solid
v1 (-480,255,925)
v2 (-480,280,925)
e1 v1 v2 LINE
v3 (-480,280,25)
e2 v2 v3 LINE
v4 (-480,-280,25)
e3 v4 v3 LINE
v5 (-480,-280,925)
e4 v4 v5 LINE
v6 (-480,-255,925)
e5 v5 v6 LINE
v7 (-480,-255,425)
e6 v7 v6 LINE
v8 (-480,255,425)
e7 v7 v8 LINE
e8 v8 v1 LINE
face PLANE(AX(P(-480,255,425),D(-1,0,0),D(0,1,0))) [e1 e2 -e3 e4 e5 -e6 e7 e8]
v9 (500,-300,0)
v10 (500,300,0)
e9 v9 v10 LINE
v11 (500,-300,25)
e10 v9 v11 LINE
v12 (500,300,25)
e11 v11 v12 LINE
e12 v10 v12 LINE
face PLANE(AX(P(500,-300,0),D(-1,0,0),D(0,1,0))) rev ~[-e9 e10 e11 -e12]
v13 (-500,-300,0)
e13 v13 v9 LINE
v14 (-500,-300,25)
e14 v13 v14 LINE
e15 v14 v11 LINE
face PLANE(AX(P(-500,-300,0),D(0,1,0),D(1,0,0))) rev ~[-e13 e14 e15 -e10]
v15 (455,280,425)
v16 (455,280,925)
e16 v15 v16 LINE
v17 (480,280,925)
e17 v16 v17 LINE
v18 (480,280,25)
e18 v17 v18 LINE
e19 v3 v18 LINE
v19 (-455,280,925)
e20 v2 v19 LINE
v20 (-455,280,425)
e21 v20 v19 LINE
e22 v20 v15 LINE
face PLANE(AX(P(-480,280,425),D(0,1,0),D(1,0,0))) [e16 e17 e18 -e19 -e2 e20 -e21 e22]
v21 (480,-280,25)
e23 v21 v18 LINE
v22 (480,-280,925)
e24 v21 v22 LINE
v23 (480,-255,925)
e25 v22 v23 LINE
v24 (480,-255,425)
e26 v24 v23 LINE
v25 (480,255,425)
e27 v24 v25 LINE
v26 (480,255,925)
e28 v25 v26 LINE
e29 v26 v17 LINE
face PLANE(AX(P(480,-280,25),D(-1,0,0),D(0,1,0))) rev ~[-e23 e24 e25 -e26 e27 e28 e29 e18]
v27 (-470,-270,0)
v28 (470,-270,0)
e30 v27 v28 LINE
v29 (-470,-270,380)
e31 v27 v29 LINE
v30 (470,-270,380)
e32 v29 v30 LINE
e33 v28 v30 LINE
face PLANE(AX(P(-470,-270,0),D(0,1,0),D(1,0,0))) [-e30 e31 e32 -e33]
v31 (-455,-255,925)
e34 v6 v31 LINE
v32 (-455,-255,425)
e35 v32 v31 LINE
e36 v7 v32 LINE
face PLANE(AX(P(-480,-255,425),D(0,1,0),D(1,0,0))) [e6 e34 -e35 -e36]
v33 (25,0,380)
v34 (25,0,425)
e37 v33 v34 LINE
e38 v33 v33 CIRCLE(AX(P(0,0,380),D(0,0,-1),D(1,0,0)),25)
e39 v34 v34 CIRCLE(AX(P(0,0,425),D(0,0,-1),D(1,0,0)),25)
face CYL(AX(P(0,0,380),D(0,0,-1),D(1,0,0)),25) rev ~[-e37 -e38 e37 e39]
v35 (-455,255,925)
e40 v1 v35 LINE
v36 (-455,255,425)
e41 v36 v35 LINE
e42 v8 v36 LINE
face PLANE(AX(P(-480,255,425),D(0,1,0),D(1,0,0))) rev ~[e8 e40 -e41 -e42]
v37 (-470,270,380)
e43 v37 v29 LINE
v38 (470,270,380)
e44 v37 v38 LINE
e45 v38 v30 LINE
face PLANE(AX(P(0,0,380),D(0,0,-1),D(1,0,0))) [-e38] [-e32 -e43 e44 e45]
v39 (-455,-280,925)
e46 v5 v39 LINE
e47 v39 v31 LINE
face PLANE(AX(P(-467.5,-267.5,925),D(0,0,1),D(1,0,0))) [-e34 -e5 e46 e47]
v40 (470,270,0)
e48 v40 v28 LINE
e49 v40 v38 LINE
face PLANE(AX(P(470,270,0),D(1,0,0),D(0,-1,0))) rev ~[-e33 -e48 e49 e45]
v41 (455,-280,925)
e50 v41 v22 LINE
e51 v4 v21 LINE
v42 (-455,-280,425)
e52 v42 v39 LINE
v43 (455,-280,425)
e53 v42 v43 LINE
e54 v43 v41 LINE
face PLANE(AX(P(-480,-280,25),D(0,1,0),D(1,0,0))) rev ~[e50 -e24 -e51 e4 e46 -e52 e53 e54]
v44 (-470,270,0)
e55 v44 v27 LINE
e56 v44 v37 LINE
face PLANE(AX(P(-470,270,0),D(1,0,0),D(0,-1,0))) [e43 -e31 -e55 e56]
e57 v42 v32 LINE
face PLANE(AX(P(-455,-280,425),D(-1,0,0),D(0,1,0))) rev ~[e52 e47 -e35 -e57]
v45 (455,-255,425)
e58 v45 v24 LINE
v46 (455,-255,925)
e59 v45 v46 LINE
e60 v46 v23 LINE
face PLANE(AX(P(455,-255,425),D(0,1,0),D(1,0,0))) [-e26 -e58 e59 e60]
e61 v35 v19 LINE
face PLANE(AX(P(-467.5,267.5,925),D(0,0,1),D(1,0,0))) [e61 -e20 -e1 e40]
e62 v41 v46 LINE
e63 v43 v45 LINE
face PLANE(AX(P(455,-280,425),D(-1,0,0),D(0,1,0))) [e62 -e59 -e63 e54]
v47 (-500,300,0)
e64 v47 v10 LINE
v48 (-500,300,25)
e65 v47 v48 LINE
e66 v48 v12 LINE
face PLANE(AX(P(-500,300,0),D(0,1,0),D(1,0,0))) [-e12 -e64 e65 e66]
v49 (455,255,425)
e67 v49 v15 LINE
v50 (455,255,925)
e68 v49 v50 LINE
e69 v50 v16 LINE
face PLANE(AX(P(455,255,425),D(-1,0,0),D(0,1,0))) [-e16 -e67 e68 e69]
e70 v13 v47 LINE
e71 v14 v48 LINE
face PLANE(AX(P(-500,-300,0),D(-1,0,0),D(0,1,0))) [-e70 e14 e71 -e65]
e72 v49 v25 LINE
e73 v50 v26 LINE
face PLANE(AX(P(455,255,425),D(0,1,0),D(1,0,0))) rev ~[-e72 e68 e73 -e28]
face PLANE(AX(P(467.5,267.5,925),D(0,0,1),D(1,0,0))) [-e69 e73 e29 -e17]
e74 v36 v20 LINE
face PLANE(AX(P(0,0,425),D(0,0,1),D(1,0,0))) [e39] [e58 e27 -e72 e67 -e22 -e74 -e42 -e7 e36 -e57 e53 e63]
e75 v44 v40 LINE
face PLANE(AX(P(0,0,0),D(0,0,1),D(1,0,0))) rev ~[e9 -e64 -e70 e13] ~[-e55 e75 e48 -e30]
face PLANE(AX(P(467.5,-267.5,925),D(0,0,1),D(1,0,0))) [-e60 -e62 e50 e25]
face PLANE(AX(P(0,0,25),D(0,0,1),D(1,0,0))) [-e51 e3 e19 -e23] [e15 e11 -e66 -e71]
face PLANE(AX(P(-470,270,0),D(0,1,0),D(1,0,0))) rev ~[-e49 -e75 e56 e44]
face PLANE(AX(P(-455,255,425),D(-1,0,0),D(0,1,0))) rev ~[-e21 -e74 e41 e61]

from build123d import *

# Parameters (mm, degrees)
F0_W     = 1000
F0_H     = 600
F1_DEPTH = 25
F2_W     = 960
F2_H     = 560
F3_DEPTH = 400
F4_W     = 940
F4_H     = 540
F5_DEPTH = 380
F6_W     = 25
F6_H     = 25
F7_DEPTH = 500
F8_R     = 25
F9_DEPTH = 100


with BuildPart() as f1:
    # F0 (on Top) → F1 (new body)
    with BuildSketch(Plane.XY):
        Rectangle(F0_W, F0_H)
    extrude(amount=F1_DEPTH)

    # F2 (on face) → F3 (join)
    with BuildSketch(Plane.XY.offset(25)):
        Rectangle(F2_W, F2_H)
    extrude(amount=F3_DEPTH)

    # F4 (on face) → F5 (cut)
    with BuildSketch(Plane(origin=(0, 0, 0), x_dir=(1, 0, 0), z_dir=(0, 0, -1))):
        Rectangle(F4_W, F4_H)
    extrude(amount=-F5_DEPTH, mode=Mode.SUBTRACT)

    # F6 (on face) → F7 (join)
    with BuildSketch(Plane.XY.offset(425)):
        with Locations((-467.5, 267.5)):
            Rectangle(F6_W, F6_H)
        with Locations((-467.5, -267.5)):
            Rectangle(F6_W, F6_H)
        with Locations((467.5, -267.5)):
            Rectangle(F6_W, F6_H)
        with Locations((467.5, 267.5)):
            Rectangle(F6_W, F6_H)
    extrude(amount=F7_DEPTH)

    # F8 (on face) → F9 (cut)
    with BuildSketch(Plane(origin=(0, 0, 380), x_dir=(1, 0, 0), z_dir=(0, 0, -1))):
        Circle(F8_R)
    extrude(amount=-F9_DEPTH, mode=Mode.SUBTRACT)


solid = f1.part
